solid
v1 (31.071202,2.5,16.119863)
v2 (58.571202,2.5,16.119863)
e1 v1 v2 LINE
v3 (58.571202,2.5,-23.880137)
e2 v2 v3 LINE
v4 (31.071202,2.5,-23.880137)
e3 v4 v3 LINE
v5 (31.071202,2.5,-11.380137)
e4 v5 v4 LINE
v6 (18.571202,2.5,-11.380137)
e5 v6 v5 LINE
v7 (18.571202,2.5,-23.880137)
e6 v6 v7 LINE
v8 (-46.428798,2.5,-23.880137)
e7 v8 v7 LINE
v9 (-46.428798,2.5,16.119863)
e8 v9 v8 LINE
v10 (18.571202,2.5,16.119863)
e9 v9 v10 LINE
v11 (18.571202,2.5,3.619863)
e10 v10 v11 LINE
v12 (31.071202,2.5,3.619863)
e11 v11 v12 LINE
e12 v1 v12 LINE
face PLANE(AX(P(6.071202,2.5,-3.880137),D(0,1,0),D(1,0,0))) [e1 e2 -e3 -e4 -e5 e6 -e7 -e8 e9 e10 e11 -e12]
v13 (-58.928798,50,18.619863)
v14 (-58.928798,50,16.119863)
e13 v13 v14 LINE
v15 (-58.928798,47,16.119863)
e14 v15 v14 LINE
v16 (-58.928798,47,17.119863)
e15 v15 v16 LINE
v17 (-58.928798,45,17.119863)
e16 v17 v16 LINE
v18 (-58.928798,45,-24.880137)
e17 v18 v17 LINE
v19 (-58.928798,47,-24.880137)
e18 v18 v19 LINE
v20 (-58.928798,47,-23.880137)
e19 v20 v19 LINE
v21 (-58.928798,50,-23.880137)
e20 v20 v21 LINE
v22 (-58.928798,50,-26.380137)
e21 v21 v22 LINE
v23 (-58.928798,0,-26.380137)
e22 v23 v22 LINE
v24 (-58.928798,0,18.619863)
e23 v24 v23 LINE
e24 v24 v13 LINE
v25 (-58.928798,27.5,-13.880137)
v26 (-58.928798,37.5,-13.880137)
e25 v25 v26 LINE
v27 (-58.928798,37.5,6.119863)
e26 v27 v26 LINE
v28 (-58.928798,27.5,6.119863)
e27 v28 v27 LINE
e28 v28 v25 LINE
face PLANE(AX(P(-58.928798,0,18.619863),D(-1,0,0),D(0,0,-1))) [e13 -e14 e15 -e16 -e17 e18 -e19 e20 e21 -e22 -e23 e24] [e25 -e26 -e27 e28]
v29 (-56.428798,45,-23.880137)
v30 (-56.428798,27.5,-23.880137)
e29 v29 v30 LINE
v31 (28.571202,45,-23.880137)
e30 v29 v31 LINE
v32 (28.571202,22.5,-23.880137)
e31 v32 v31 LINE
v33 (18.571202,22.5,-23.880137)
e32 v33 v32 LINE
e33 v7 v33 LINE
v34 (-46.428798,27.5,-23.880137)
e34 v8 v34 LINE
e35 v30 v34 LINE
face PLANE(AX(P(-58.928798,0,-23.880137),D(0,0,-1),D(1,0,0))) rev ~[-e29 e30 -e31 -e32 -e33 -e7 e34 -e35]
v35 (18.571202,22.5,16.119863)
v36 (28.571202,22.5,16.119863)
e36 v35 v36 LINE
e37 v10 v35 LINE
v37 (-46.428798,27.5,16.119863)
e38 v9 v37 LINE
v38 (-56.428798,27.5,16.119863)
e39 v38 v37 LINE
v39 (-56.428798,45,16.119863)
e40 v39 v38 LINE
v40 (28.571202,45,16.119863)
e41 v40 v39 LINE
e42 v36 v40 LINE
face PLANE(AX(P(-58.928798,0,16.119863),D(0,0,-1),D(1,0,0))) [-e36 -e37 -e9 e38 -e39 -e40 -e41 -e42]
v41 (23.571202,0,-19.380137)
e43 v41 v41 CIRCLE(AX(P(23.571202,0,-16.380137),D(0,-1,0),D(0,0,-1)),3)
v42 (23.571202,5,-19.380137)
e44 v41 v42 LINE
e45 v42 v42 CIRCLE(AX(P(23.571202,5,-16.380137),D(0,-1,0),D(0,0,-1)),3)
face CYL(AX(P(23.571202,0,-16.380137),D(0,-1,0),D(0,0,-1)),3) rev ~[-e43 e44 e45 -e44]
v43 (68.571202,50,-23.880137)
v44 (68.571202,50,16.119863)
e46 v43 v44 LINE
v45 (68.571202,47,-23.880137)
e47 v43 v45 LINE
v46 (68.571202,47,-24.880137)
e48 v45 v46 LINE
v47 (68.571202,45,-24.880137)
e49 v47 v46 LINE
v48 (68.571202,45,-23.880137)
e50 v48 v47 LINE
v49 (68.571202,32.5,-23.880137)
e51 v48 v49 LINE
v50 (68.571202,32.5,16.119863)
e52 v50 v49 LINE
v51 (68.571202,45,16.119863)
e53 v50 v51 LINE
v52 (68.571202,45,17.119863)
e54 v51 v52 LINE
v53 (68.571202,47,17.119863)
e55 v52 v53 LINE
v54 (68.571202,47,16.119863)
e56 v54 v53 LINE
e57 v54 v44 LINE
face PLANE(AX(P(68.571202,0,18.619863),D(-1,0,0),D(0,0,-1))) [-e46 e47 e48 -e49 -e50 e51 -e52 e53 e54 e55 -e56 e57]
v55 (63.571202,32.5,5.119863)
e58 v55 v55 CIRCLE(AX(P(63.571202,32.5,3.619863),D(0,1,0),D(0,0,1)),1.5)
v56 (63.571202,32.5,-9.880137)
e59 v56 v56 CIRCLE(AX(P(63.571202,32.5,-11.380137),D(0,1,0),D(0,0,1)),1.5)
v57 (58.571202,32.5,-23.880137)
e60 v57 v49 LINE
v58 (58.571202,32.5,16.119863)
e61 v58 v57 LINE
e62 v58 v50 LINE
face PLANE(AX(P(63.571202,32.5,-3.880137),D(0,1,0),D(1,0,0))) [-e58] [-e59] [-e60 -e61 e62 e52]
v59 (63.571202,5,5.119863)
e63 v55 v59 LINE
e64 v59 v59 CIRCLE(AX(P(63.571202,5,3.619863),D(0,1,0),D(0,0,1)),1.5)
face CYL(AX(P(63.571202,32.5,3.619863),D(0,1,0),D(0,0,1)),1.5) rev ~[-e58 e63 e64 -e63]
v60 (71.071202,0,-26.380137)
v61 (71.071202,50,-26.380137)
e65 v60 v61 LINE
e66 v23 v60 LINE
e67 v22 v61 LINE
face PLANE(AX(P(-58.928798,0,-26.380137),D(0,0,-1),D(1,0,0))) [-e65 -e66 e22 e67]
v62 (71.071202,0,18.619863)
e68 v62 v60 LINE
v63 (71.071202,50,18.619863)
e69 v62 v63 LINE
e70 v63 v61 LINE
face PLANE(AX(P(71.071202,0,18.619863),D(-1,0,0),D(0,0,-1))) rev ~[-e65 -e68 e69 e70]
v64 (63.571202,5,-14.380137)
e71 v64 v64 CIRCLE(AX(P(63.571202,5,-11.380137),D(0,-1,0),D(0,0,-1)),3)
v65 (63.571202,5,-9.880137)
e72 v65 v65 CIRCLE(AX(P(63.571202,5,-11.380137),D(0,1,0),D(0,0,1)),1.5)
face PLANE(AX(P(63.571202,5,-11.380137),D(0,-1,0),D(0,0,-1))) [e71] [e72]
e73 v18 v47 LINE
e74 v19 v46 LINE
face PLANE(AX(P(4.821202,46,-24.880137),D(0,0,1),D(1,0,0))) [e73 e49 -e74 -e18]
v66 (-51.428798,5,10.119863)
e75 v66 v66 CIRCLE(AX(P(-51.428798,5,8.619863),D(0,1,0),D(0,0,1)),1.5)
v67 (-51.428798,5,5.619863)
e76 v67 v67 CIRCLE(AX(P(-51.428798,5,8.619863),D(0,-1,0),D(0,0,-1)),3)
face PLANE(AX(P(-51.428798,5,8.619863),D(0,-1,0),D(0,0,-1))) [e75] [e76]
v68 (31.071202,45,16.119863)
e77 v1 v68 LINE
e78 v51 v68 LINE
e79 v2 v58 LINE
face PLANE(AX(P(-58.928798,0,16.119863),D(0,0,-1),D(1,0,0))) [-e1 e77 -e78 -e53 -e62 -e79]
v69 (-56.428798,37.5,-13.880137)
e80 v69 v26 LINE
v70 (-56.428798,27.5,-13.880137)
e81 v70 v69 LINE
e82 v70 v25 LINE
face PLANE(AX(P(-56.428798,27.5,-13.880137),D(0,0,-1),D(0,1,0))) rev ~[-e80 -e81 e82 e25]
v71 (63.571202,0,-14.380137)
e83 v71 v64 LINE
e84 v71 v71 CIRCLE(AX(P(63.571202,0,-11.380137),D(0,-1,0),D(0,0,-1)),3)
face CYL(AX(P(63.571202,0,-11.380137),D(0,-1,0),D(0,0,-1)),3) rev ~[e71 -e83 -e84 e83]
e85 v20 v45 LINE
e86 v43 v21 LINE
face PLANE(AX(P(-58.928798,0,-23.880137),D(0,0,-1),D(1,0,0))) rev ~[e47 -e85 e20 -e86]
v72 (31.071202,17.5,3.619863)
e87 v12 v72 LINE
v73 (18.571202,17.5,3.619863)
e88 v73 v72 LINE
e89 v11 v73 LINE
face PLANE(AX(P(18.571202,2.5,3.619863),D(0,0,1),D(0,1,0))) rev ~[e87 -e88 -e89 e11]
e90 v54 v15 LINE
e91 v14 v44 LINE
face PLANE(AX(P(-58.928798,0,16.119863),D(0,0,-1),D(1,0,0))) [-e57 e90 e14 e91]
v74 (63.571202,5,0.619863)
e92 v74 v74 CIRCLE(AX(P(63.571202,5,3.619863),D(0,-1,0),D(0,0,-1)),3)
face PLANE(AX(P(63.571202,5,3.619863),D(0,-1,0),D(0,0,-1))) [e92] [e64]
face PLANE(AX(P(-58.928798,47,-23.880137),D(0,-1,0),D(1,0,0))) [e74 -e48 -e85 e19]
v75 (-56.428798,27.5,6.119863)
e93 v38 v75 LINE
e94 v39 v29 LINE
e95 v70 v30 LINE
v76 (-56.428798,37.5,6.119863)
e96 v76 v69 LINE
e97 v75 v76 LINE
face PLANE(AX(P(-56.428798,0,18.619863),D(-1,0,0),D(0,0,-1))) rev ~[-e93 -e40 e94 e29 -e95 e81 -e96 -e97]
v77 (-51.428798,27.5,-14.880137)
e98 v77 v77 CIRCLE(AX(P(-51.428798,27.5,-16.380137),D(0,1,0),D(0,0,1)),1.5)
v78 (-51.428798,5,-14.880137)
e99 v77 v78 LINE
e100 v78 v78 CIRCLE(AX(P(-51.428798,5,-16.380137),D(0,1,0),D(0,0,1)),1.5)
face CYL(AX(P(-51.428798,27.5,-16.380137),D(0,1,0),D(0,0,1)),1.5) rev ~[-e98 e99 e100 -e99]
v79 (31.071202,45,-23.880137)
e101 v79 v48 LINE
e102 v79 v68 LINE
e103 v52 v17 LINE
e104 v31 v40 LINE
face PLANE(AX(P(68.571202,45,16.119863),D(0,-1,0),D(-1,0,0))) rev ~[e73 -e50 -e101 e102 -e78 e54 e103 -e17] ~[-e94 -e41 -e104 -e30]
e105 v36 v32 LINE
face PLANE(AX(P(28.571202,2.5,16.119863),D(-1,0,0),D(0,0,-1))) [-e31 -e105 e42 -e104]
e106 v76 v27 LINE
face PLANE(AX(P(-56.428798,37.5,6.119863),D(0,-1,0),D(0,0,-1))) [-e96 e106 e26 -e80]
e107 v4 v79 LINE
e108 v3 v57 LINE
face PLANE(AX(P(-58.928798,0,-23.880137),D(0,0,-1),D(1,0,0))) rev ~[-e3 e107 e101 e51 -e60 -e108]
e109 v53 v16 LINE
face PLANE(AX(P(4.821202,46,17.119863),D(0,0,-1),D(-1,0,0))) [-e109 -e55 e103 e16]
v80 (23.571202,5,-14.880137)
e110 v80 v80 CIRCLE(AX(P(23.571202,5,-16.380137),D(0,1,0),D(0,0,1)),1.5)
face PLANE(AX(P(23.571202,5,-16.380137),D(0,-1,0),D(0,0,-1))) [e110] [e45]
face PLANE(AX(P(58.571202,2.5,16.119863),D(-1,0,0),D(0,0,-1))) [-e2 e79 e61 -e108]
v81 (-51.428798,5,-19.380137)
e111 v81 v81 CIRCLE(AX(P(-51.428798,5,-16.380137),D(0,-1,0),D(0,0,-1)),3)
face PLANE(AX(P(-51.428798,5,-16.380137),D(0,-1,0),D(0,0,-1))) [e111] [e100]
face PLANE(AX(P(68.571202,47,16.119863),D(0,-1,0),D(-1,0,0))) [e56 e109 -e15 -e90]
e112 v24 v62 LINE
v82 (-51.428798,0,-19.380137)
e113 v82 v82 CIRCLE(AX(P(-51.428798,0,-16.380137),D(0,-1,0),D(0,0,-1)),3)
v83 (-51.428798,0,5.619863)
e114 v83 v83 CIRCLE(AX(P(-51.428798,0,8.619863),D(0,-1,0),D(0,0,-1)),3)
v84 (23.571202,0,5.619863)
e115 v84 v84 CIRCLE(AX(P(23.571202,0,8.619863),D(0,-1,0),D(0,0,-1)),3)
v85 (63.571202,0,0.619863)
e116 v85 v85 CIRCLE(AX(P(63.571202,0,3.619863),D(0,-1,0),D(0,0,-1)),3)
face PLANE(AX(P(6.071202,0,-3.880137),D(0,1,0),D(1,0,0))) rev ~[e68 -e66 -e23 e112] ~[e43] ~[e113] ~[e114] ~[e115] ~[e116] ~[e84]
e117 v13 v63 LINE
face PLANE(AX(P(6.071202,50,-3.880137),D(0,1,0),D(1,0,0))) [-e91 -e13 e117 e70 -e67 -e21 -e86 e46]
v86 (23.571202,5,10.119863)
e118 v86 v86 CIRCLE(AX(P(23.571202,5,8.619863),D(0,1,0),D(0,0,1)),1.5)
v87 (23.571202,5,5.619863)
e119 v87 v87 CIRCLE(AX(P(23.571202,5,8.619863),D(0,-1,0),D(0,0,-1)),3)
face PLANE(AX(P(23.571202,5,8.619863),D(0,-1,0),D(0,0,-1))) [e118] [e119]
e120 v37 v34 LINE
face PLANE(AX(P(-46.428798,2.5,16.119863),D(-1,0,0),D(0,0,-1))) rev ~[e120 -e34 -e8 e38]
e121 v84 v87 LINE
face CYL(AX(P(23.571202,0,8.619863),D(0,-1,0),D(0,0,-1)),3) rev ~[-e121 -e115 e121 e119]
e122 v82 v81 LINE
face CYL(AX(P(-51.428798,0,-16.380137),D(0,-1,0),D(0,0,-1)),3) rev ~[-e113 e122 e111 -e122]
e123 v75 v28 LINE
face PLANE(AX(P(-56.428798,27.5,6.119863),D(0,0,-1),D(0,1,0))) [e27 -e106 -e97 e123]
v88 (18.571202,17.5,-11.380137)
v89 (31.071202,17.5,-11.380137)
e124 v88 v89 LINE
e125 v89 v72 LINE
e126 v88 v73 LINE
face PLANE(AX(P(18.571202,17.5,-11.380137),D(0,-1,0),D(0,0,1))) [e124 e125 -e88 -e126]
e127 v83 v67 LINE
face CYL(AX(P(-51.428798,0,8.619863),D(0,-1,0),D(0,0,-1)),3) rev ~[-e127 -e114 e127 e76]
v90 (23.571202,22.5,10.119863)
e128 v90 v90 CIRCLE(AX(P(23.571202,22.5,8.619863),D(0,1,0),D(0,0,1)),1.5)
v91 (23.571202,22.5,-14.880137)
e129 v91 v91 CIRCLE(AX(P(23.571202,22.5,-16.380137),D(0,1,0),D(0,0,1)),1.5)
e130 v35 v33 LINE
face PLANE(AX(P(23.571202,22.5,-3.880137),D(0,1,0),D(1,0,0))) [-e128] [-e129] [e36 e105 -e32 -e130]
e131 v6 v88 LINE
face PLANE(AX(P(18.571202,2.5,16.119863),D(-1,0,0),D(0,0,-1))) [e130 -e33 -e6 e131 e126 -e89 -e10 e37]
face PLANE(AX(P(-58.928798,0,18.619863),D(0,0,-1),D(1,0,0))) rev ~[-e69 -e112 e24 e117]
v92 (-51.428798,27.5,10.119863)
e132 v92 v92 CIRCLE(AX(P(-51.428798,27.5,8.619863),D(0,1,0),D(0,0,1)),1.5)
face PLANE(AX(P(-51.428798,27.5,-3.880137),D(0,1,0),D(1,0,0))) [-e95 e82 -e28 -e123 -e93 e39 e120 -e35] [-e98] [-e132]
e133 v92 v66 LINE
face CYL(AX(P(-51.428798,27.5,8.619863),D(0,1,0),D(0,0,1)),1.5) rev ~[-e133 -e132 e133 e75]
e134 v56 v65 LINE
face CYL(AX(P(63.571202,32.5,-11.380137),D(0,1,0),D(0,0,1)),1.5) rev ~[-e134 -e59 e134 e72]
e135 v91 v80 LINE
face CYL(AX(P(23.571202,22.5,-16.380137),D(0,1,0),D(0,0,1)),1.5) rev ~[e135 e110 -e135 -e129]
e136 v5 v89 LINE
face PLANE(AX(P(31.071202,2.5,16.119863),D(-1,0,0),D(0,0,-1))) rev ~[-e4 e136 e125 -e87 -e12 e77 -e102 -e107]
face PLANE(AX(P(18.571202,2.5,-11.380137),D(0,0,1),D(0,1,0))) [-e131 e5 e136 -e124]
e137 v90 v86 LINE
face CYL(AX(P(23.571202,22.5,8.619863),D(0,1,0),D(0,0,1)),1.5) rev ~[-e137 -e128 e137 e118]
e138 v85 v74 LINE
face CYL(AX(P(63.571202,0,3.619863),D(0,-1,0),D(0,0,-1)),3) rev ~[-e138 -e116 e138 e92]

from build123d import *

# Parameters (mm, degrees)
SKETCH1_W           = 130
SKETCH1_H           = 45
BOSS_EXTRUDE1_DEPTH = 50
SHELL1_T            = -2.5
SKETCH2_W           = 10
SKETCH2_H           = 40
BOSS_EXTRUDE2_DEPTH = 30
SKETCH5_W           = 2.5
SKETCH5_H           = 40
BOSS_EXTRUDE3_DEPTH = 47.5
SKETCH6_W           = 10
SKETCH6_H           = 40
BOSS_EXTRUDE4_DEPTH = 20
SKETCH7_W           = 10
SKETCH7_H           = 40
BOSS_EXTRUDE5_DEPTH = 25
SKETCH9_W           = 20
SKETCH9_H           = 10
CUT_EXTRUDE1_DEPTH  = 2.5
SKETCH11_W          = 15
SKETCH11_H          = 15
CUT_EXTRUDE2_DEPTH  = 12.5
SKETCH12_W          = 40
SKETCH12_H          = 5
CUT_EXTRUDE3_DEPTH  = 2.5
SKETCH20_R          = 1.5
CUT_EXTRUDE5_DEPTH  = 32.5
SKETCH21_R          = 1.5
CUT_EXTRUDE6_DEPTH  = 22.5
SKETCH22_R          = 1.5
CUT_EXTRUDE7_DEPTH  = 27.5
SKETCH24_R          = 3
CUT_EXTRUDE8_DEPTH  = 5
SKETCH25_W          = 40
SKETCH25_H          = 5
CUT_EXTRUDE9_DEPTH  = 2.5
SKETCH26_W          = 127.5
SKETCH26_H          = 2
CUT_EXTRUDE10_DEPTH = 1
SKETCH27_W          = 127.5
SKETCH27_H          = 2
CUT_EXTRUDE11_DEPTH = 1


with BuildPart() as part:
    # Sketch1 → Boss-Extrude1 (new body)
    with BuildSketch(Plane(origin=(0, 0, 0), x_dir=(1, 0, 0), z_dir=(0, 1, 0))):
        with Locations((6.071202057, 3.880136761)):
            Rectangle(SKETCH1_W, SKETCH1_H)
    extrude(amount=BOSS_EXTRUDE1_DEPTH)

    # Shell1
    shell1_openings = [part.faces().sort_by_distance(p)[0] for p in [
        (6.071202057, 50, -3.880136761),
    ]]
    offset(amount=SHELL1_T, openings=shell1_openings, kind=Kind.INTERSECTION)

    # Sketch2 → Boss-Extrude2 (add)
    with BuildSketch(Plane(origin=(0, 2.5, 0), x_dir=(1, 0, 0), z_dir=(0, 1, 0))):
        with Locations((63.571202057, 3.880136761)):
            Rectangle(SKETCH2_W, SKETCH2_H)
    extrude(amount=BOSS_EXTRUDE2_DEPTH)

    # Sketch5 → Boss-Extrude3 (add)
    with BuildSketch(Plane(origin=(0, 2.5, 0), x_dir=(1, 0, 0), z_dir=(0, 1, 0))):
        with Locations((29.821202057, 3.880136761)):
            Rectangle(SKETCH5_W, SKETCH5_H)
    extrude(amount=BOSS_EXTRUDE3_DEPTH)

    # Sketch6 → Boss-Extrude4 (add)
    with BuildSketch(Plane(origin=(0, 2.5, 0), x_dir=(1, 0, 0), z_dir=(0, 1, 0))):
        with Locations((23.571202057, 3.880136761)):
            Rectangle(SKETCH6_W, SKETCH6_H)
    extrude(amount=BOSS_EXTRUDE4_DEPTH)

    # Sketch7 → Boss-Extrude5 (add)
    with BuildSketch(Plane(origin=(0, 2.5, 0), x_dir=(1, 0, 0), z_dir=(0, 1, 0))):
        with Locations((-51.428797943, 3.880136761)):
            Rectangle(SKETCH7_W, SKETCH7_H)
    extrude(amount=BOSS_EXTRUDE5_DEPTH)

    # Sketch9 → Cut-Extrude1 (cut)
    with BuildSketch(Plane(origin=(-56.428797943, 0, 0), x_dir=(0, 0, -1), z_dir=(1, 0, 0))):
        with Locations((3.880136761, 32.5)):
            Rectangle(SKETCH9_W, SKETCH9_H)
    extrude(amount=-CUT_EXTRUDE1_DEPTH, mode=Mode.SUBTRACT)

    # Sketch11 → Cut-Extrude2 (cut)
    with BuildSketch(Plane.ZY.offset(-18.571202057)):
        with Locations((-3.880136761, 10)):
            Rectangle(SKETCH11_W, SKETCH11_H)
    extrude(amount=-CUT_EXTRUDE2_DEPTH, mode=Mode.SUBTRACT)

    # Sketch12 → Cut-Extrude3 (cut)
    with BuildSketch(Plane(origin=(-56.428797943, 0, 0), x_dir=(0, 0, -1), z_dir=(1, 0, 0))):
        with Locations((3.880136761, 47.5)):
            Rectangle(SKETCH12_W, SKETCH12_H)
    extrude(amount=-CUT_EXTRUDE3_DEPTH, mode=Mode.SUBTRACT)

    # Sketch20 → Cut-Extrude5 (cut)
    with BuildSketch(Plane(origin=(0, 32.5, 0), x_dir=(1, 0, 0), z_dir=(0, 1, 0))):
        with Locations(Location((63.571202057, -3.619863239, 0), (0, 0, 270))):
            Circle(SKETCH20_R)
        with Locations(Location((63.571202057, 11.380136761, 0), (0, 0, 270))):
            Circle(SKETCH20_R)
    extrude(amount=-CUT_EXTRUDE5_DEPTH, mode=Mode.SUBTRACT)

    # Sketch21 → Cut-Extrude6 (cut)
    with BuildSketch(Plane(origin=(0, 22.5, 0), x_dir=(1, 0, 0), z_dir=(0, 1, 0))):
        with Locations(Location((23.571202057, -8.619863239, 0), (0, 0, 270))):
            Circle(SKETCH21_R)
        with Locations(Location((23.571202057, 16.380136761, 0), (0, 0, 270))):
            Circle(SKETCH21_R)
    extrude(amount=-CUT_EXTRUDE6_DEPTH, mode=Mode.SUBTRACT)

    # Sketch22 → Cut-Extrude7 (cut)
    with BuildSketch(Plane(origin=(0, 27.5, 0), x_dir=(1, 0, 0), z_dir=(0, 1, 0))):
        with Locations(Location((-51.428797943, -8.619863239, 0), (0, 0, 270))):
            Circle(SKETCH22_R)
        with Locations(Location((-51.428797943, 16.380136761, 0), (0, 0, 270))):
            Circle(SKETCH22_R)
    extrude(amount=-CUT_EXTRUDE7_DEPTH, mode=Mode.SUBTRACT)

    # Sketch24 → Cut-Extrude8 (cut)
    with BuildSketch(Plane.XZ):
        with Locations(Location((-51.428797943, 8.619863239, 0), (0, 0, 270))):
            Circle(SKETCH24_R)
        with Locations(Location((-51.428797943, -16.380136761, 0), (0, 0, 270))):
            Circle(SKETCH24_R)
        with Locations(Location((23.571202057, 8.619863239, 0), (0, 0, 270))):
            Circle(SKETCH24_R)
        with Locations(Location((23.571202057, -16.380136761, 0), (0, 0, 270))):
            Circle(SKETCH24_R)
        with Locations(Location((63.571202057, 3.619863239, 0), (0, 0, 270))):
            Circle(SKETCH24_R)
        with Locations(Location((63.571202057, -11.380136761, 0), (0, 0, 270))):
            Circle(SKETCH24_R)
    extrude(amount=-CUT_EXTRUDE8_DEPTH, mode=Mode.SUBTRACT)

    # Sketch25 → Cut-Extrude9 (cut)
    with BuildSketch(Plane.ZY.offset(-28.571202057)):
        with Locations((-3.880136761, 47.5)):
            Rectangle(SKETCH25_W, SKETCH25_H)
    extrude(amount=-CUT_EXTRUDE9_DEPTH, mode=Mode.SUBTRACT)

    # Sketch26 → Cut-Extrude10 (cut)
    with BuildSketch(Plane(origin=(0, 0, 16.119863239), x_dir=(-1, 0, 0), z_dir=(0, 0, -1))):
        with Locations((-4.821202057, 46)):
            Rectangle(SKETCH26_W, SKETCH26_H)
    extrude(amount=-CUT_EXTRUDE10_DEPTH, mode=Mode.SUBTRACT)

    # Sketch27 → Cut-Extrude11 (cut)
    with BuildSketch(Plane.XY.offset(-23.880136761)):
        with Locations((4.821202057, 46)):
            Rectangle(SKETCH27_W, SKETCH27_H)
    extrude(amount=-CUT_EXTRUDE11_DEPTH, mode=Mode.SUBTRACT)


solid = part.part
